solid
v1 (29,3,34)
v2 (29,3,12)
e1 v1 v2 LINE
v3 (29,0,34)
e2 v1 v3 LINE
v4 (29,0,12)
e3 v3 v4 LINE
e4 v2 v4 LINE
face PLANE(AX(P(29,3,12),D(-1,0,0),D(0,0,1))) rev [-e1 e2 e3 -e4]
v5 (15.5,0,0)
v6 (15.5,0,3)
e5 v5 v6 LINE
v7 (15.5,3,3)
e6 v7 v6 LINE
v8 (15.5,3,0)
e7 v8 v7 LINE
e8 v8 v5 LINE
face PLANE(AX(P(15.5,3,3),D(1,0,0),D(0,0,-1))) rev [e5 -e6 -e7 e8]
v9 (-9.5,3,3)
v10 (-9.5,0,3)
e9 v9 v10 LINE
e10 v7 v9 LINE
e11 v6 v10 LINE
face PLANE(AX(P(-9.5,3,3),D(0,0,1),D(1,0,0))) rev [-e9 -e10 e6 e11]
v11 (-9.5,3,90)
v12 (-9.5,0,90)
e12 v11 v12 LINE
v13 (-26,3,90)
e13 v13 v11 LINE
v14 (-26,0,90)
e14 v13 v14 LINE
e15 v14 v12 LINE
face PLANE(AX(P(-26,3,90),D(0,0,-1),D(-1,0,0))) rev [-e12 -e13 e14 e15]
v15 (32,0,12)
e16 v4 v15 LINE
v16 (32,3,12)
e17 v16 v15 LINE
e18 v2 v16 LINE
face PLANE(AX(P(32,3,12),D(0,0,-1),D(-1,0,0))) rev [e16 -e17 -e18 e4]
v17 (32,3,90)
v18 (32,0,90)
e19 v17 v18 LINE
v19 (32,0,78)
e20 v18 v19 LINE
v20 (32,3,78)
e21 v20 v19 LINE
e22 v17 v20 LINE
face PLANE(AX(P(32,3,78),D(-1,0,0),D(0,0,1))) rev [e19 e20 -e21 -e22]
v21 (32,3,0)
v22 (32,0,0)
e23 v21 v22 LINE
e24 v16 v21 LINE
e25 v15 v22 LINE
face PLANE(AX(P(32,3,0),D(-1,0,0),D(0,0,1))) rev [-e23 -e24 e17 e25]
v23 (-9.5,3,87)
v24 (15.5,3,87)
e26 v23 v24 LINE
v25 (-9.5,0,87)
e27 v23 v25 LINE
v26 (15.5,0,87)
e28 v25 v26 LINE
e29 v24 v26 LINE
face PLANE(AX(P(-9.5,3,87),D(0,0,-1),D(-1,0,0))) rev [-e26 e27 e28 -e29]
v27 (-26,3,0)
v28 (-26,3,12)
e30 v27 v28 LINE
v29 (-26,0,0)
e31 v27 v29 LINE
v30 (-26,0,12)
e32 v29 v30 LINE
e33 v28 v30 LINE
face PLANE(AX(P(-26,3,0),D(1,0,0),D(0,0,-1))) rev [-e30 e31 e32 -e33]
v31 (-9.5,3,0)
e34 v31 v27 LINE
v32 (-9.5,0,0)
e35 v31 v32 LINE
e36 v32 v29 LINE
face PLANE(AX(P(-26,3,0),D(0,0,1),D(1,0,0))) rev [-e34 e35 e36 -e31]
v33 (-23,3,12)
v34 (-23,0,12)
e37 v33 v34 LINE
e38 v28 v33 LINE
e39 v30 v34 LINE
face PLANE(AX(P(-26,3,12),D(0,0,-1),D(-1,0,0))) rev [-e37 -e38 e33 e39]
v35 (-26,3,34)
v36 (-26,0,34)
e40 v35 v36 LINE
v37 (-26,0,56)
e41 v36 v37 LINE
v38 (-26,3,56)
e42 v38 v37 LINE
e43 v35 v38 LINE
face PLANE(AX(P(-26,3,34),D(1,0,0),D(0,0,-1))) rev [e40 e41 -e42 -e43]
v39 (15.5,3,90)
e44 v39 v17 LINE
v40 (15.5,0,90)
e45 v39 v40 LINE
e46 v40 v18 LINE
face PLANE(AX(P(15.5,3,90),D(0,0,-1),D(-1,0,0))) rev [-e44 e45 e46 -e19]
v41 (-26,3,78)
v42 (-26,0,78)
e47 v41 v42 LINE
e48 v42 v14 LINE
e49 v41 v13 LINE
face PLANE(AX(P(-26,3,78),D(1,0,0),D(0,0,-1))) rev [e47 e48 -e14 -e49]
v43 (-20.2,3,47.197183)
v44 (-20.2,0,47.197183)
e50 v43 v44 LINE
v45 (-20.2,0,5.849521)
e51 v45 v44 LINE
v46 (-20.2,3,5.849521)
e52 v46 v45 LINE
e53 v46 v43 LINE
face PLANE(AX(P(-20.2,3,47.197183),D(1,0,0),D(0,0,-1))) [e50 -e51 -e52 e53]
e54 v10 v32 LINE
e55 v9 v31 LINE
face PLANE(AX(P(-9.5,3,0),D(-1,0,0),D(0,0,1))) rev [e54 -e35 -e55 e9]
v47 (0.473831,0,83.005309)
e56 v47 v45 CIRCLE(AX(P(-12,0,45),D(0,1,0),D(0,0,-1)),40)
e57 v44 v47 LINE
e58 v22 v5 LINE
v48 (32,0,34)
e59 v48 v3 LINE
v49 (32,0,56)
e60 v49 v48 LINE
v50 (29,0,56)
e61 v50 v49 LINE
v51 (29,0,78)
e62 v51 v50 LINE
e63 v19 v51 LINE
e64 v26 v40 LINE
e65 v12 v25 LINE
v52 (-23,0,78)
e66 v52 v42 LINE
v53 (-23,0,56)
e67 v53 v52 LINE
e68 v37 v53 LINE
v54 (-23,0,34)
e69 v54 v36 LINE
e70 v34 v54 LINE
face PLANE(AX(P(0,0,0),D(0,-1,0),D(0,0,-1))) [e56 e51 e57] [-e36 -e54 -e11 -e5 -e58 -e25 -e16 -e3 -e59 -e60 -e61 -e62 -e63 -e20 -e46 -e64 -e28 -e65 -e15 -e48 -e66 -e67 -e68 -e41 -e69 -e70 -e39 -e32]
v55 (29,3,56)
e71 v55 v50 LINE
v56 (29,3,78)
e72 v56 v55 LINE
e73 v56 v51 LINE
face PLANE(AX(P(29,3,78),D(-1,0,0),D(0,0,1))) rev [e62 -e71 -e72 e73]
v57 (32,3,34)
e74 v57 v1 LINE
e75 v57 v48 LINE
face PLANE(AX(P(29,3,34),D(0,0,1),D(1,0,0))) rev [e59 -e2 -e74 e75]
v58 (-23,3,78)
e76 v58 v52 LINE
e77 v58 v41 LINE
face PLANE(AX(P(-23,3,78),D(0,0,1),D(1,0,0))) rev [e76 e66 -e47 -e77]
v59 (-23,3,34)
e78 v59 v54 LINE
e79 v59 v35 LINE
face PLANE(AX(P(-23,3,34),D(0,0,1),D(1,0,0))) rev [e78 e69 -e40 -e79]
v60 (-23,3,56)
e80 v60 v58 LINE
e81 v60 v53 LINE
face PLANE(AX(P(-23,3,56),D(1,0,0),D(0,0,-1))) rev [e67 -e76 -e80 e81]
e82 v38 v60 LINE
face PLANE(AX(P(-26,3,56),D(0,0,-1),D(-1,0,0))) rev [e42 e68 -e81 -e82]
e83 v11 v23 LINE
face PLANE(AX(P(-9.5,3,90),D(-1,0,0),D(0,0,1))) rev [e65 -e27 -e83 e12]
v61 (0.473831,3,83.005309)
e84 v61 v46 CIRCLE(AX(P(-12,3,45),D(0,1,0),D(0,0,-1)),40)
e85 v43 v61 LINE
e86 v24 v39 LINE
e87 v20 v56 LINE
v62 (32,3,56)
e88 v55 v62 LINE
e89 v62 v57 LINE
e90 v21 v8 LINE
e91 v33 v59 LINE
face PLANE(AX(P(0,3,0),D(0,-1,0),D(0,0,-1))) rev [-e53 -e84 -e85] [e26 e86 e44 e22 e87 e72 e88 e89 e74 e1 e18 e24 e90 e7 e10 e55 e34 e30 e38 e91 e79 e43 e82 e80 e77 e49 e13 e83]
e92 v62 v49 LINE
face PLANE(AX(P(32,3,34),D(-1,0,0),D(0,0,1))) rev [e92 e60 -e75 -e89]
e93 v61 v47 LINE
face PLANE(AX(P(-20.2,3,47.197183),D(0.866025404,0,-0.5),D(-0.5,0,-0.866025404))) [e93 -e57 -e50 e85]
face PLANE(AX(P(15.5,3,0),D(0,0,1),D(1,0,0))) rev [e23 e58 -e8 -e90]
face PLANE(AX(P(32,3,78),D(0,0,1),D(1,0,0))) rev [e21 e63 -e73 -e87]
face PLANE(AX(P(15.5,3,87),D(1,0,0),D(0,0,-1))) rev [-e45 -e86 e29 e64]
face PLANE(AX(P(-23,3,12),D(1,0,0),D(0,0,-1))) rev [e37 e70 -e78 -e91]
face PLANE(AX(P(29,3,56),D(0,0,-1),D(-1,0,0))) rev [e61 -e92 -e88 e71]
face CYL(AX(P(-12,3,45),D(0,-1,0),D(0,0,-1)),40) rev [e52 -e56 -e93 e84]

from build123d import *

# Parameters (mm, degrees)
BOSS_EXTRUDE2_DEPTH = 3


with BuildPart() as part:
    # Sketch4 → Boss-Extrude2 (new body)
    with BuildSketch(Plane(origin=(0, 0, 0), x_dir=(1, 0, 0), z_dir=(0, 1, 0))):
        Polygon((-26, -90), (-9.5, -90), (-9.5, -87), (15.5, -87), (15.5, -90), (32, -90), (32, -78), (29, -78), (29, -56), (32, -56), (32, -34), (29, -34), (29, -12), (32, -12), (32, 0), (15.5, 0), (15.5, -3), (-9.5, -3), (-9.5, 0), (-26, 0), (-26, -12), (-23, -12), (-23, -34), (-26, -34), (-26, -56), (-23, -56), (-23, -78), (-26, -78), align=None)
        with BuildLine():
            Line((-20.2, -47.197183378), (-20.2, -5.849521076))
            ThreePointArc((-20.2, -5.849521076), (26.637033052, -34.647238196), (0.473831151, -83.005309319))
            Line((0.473831151, -83.005309319), (-20.2, -47.197183378))
        make_face(mode=Mode.SUBTRACT)
    extrude(amount=BOSS_EXTRUDE2_DEPTH)


solid = part.part
